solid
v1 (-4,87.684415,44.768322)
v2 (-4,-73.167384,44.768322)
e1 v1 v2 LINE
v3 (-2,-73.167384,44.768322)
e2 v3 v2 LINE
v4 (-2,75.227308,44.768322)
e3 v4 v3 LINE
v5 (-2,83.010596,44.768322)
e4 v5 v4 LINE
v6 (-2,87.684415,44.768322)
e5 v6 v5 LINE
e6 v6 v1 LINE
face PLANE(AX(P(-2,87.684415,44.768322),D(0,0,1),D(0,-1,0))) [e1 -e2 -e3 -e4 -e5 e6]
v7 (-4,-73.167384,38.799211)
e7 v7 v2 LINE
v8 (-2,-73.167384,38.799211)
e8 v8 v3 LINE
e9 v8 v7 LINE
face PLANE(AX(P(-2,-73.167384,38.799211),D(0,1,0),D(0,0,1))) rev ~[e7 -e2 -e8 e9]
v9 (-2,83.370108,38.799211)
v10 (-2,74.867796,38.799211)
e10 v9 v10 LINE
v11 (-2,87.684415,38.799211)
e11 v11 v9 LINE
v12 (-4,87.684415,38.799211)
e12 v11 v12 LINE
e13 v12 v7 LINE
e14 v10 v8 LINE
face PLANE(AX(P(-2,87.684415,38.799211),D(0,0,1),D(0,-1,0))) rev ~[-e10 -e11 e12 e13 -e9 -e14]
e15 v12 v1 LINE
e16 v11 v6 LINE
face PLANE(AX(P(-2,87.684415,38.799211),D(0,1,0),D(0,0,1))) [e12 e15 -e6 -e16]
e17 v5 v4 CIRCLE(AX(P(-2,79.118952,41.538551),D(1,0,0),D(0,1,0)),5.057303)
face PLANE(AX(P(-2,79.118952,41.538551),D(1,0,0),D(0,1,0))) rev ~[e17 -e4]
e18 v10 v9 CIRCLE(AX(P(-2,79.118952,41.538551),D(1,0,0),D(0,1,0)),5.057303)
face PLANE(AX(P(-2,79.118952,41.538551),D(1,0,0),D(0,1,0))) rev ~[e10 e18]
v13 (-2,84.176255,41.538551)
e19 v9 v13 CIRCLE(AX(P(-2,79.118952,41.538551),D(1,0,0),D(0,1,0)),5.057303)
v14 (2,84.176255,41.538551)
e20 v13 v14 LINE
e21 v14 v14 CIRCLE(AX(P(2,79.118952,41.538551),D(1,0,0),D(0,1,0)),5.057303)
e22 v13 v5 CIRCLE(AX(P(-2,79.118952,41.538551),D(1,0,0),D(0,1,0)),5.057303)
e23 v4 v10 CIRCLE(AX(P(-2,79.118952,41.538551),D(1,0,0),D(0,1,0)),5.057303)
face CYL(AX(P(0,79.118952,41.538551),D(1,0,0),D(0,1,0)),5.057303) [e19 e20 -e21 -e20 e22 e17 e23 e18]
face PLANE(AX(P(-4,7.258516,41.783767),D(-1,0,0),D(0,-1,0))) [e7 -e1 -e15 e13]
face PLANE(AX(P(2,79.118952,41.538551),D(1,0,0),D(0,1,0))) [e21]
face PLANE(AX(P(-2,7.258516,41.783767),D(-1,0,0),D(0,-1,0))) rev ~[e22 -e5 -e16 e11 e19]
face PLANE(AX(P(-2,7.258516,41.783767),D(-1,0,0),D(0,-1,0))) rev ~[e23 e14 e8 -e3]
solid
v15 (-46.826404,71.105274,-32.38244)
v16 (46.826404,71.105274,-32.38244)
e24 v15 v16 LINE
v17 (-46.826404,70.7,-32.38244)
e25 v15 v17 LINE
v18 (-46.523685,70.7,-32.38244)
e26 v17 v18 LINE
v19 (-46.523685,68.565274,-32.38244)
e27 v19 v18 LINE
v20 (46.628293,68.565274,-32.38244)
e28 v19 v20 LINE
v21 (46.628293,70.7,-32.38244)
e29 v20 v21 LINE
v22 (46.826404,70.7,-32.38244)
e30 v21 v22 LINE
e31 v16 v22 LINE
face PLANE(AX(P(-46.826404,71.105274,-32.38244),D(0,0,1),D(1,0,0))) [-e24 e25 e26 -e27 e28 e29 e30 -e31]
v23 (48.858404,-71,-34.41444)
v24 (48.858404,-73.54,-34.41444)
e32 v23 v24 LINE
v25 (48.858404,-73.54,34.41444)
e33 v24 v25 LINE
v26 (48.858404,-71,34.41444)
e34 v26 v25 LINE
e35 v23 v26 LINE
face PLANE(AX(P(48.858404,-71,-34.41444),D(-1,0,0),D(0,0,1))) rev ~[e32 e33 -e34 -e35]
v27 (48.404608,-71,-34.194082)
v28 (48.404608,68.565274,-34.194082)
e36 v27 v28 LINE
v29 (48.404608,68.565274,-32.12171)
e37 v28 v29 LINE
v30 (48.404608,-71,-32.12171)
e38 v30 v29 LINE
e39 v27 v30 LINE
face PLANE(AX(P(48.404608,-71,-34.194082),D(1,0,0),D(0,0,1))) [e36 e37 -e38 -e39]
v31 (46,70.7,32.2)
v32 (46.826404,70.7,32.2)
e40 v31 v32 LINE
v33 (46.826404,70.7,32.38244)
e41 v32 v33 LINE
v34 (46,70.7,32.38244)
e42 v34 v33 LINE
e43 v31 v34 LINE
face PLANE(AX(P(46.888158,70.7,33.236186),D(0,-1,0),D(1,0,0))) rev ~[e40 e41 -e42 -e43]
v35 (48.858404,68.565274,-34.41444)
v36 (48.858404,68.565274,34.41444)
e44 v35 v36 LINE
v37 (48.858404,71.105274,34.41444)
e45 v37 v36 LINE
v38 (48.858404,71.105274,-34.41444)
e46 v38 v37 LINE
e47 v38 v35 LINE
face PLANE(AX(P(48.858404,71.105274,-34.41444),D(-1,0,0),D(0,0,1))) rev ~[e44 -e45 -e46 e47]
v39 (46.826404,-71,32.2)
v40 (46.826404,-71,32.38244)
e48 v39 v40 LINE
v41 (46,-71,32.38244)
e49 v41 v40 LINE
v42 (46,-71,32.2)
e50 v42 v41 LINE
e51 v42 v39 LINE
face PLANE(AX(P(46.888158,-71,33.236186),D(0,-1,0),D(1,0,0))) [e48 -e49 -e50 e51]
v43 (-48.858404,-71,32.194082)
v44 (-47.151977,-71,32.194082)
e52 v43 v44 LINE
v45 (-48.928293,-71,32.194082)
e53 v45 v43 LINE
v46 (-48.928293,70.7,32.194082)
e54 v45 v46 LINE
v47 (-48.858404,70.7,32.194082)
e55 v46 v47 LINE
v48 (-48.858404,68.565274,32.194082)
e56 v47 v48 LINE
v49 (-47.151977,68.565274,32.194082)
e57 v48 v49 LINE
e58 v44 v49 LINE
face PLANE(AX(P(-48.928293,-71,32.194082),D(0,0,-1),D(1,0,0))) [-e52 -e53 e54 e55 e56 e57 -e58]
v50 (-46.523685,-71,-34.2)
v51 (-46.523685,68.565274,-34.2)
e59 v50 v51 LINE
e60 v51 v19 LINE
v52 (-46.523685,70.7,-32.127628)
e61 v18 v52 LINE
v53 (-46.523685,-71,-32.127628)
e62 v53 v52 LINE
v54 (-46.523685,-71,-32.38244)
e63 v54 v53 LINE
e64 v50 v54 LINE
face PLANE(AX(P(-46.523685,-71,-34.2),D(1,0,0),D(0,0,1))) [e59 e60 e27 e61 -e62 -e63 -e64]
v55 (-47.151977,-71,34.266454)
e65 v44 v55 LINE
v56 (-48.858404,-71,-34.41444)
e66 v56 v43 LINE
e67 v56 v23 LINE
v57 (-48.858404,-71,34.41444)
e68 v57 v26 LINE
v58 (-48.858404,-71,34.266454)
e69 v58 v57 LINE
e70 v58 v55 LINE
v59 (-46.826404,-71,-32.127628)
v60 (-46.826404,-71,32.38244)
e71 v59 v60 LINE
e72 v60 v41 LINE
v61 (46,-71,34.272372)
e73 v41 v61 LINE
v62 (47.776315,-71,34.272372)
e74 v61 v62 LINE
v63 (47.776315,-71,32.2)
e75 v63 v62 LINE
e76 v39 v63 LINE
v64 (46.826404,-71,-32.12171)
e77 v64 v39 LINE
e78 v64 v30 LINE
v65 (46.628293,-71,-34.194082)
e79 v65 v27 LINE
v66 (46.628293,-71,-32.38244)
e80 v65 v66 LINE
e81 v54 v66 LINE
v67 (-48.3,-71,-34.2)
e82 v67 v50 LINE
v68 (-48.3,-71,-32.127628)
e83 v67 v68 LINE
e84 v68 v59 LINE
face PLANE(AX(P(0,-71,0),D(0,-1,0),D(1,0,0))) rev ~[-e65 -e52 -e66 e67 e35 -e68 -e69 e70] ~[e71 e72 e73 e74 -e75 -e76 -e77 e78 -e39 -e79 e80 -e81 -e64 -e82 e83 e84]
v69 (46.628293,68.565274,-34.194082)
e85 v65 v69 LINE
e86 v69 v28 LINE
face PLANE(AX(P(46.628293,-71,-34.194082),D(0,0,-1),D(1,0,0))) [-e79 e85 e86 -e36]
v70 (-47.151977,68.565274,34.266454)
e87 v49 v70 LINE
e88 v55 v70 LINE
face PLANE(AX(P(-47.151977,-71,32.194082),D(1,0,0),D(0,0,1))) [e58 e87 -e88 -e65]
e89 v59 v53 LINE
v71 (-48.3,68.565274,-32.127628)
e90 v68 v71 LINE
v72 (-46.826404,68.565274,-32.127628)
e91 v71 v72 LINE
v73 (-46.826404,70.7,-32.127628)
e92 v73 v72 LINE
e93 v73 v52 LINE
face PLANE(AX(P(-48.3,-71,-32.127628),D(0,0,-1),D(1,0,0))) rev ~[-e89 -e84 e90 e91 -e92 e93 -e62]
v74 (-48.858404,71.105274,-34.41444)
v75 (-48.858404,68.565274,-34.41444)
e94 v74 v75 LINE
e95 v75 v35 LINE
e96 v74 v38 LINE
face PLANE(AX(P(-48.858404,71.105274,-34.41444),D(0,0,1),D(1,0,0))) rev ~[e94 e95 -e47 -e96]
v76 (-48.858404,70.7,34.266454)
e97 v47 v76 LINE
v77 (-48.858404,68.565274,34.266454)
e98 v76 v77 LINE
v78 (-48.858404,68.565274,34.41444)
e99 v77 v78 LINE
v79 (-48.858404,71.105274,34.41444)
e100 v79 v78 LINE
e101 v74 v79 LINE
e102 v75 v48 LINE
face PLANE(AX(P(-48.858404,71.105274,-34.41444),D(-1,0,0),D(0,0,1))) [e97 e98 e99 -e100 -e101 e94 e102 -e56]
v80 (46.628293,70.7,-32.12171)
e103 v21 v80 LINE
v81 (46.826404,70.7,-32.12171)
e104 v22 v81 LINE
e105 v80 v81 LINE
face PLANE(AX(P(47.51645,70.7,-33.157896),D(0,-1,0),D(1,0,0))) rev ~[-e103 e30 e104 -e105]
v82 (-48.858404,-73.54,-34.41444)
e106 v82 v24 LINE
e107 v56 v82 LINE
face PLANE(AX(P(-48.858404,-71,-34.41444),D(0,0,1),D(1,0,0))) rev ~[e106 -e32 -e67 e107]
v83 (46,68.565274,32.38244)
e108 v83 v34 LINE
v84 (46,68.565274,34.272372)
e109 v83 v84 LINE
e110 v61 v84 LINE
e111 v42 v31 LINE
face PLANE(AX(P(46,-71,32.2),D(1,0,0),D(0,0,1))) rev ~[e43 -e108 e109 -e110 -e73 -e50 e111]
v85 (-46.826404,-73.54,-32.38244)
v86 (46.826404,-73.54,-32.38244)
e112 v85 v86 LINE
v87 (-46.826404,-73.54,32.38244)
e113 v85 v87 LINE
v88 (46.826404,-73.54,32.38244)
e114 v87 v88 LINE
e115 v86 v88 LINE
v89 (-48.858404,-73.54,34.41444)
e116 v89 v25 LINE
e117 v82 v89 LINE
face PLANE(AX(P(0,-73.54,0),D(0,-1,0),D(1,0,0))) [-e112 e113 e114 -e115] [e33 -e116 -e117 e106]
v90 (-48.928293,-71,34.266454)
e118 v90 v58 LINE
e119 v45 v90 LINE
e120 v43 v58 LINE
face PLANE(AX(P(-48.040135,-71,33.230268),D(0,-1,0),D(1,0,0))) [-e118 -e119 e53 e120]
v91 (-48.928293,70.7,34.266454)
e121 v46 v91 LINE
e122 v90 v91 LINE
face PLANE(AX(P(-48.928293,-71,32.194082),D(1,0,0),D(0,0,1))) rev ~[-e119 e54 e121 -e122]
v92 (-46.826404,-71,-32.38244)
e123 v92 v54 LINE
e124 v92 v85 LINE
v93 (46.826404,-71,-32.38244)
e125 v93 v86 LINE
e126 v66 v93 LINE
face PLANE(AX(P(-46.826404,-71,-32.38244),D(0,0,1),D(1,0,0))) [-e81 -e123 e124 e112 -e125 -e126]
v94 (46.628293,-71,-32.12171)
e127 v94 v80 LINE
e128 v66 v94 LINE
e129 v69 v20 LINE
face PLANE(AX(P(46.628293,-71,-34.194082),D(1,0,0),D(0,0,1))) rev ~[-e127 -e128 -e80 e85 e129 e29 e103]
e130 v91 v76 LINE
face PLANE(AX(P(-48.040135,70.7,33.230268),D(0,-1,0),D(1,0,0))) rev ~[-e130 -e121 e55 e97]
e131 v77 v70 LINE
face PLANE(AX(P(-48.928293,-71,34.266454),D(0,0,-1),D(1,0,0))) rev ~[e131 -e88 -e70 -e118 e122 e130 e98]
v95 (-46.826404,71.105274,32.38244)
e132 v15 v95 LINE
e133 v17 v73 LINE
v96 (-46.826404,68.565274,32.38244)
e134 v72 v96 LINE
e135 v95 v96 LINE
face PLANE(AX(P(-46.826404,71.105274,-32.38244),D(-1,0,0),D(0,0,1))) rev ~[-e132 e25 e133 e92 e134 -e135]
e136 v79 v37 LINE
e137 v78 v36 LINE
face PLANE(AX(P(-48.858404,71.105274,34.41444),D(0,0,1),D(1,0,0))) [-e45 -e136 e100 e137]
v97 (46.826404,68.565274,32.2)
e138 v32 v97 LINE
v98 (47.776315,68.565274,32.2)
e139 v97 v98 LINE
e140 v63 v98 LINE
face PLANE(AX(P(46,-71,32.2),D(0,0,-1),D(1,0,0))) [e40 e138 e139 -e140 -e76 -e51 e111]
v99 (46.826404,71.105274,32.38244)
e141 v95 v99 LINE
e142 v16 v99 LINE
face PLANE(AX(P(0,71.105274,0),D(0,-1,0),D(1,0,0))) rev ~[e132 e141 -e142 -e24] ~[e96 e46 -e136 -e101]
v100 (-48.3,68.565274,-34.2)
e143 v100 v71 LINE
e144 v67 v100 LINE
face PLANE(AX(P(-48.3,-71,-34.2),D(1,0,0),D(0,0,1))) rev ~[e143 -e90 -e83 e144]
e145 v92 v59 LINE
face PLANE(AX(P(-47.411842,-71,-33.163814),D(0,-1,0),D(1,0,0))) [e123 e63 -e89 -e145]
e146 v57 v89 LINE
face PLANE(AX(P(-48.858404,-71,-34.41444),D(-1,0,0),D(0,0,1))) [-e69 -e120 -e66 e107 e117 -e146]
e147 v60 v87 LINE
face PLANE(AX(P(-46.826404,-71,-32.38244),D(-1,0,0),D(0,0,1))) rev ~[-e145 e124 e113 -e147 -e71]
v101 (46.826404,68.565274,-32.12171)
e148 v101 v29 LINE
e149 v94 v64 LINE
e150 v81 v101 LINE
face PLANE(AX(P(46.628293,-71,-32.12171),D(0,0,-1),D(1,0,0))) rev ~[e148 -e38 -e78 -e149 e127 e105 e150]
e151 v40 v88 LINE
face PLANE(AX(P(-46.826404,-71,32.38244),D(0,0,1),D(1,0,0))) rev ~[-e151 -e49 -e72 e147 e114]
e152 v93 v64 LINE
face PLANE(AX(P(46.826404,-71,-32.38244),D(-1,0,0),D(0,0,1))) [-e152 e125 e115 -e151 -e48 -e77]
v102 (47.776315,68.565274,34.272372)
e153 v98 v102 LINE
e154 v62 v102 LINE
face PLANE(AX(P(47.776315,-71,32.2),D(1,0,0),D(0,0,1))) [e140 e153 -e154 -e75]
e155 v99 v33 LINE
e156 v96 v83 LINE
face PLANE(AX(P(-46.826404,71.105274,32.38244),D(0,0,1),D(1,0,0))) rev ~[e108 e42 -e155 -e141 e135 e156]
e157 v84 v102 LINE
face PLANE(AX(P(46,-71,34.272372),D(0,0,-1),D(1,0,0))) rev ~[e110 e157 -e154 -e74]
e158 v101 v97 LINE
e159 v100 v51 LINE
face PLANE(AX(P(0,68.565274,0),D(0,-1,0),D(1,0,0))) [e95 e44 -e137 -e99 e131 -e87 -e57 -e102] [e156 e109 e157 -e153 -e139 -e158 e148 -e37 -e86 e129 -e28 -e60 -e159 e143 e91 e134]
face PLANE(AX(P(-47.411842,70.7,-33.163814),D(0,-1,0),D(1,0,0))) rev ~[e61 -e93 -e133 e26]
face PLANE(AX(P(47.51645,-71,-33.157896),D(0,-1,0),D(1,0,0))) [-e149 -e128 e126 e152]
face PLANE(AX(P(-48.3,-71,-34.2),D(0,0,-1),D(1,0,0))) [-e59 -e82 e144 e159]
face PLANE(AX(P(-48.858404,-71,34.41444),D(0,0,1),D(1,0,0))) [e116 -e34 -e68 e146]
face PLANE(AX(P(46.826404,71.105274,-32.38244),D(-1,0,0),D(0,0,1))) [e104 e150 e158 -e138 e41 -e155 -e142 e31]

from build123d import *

# Parameters (mm, degrees)
F0_W      = 97.7168083191
F0_H      = 68.8288807869
F0_W_2    = 93.6528071761
F0_H_2    = 64.7648796439
F1_DEPTH  = 2.54
F6_W      = 1.7763152719
F6_H      = 2.0723715425
F7_DEPTH  = 141.7
F8_DEPTH  = 141.7
F9_DEPTH  = 141.7
F10_DEPTH = 141.7
F11_R     = 5.0573026927
F12_DEPTH = 2
F13_W     = 160.8517989516
F13_H     = 5.9691108763
F14_DEPTH = 2


with BuildPart() as f1:
    # F0 (on Front) → F1 (new body)
    with BuildSketch(Plane.XZ):
        Rectangle(F0_W, F0_H)
        Rectangle(F0_W_2, F0_H_2, mode=Mode.SUBTRACT)
    extrude(amount=F1_DEPTH)


with BuildPart() as f3_1:
    # F3: copy of F1
    add(f1.part.moved(Location((0, 142.1052739024, 0))))


with BuildPart() as f1_1:
    # F4: moved
    add(f1.part.moved(Location((0, -71, 0))))



with BuildPart() as f3_1_1:
    # F4: moved
    add(f3_1.part.moved(Location((0, -71, 0))))


with BuildPart() as f1_2:
    add(f1_1.part)

    add(f3_1_1.part)  # F7 merges F3_1
    # F6 (on offset) → F7 (join)
    with BuildSketch(Plane.XZ.offset(71)):
        with Locations((47.5164502859, -33.1578962505)):
            Rectangle(F6_W, F6_H)
    extrude(amount=-F7_DEPTH)

    # F6 (on offset) → F8 (join)
    with BuildSketch(Plane.XZ.offset(71)):
        with Locations((46.8881576359, 33.2361857712)):
            Rectangle(F6_W, F6_H)
    extrude(amount=-F8_DEPTH)

    # F6 (on offset) → F9 (join)
    with BuildSketch(Plane.XZ.offset(71)):
        with Locations((-48.0401350141, 33.2302677929)):
            Rectangle(F6_W, F6_H)
    extrude(amount=-F9_DEPTH)

    # F6 (on offset) → F10 (join)
    with BuildSketch(Plane.XZ.offset(71)):
        with Locations((-47.4118423641, -33.1638142288)):
            Rectangle(F6_W, F6_H)
    extrude(amount=-F10_DEPTH)


with BuildPart() as f12:
    # F11 (on Right) → F12 (new body, symmetric)
    with BuildSketch(Plane.YZ):
        with Locations((79.1189521551, 41.5385514498)):
            Circle(F11_R)
    extrude(amount=F12_DEPTH, both=True)

    # F13 (on face) → F14 (join)
    with BuildSketch(Plane(origin=(-2, 0, 0), x_dir=(0, -1, 0), z_dir=(-1, 0, 0))):
        with Locations((-7.258515805, 41.783766821)):
            Rectangle(F13_W, F13_H)
    extrude(amount=F14_DEPTH)


solid = Compound([f1_2.part, f12.part])
